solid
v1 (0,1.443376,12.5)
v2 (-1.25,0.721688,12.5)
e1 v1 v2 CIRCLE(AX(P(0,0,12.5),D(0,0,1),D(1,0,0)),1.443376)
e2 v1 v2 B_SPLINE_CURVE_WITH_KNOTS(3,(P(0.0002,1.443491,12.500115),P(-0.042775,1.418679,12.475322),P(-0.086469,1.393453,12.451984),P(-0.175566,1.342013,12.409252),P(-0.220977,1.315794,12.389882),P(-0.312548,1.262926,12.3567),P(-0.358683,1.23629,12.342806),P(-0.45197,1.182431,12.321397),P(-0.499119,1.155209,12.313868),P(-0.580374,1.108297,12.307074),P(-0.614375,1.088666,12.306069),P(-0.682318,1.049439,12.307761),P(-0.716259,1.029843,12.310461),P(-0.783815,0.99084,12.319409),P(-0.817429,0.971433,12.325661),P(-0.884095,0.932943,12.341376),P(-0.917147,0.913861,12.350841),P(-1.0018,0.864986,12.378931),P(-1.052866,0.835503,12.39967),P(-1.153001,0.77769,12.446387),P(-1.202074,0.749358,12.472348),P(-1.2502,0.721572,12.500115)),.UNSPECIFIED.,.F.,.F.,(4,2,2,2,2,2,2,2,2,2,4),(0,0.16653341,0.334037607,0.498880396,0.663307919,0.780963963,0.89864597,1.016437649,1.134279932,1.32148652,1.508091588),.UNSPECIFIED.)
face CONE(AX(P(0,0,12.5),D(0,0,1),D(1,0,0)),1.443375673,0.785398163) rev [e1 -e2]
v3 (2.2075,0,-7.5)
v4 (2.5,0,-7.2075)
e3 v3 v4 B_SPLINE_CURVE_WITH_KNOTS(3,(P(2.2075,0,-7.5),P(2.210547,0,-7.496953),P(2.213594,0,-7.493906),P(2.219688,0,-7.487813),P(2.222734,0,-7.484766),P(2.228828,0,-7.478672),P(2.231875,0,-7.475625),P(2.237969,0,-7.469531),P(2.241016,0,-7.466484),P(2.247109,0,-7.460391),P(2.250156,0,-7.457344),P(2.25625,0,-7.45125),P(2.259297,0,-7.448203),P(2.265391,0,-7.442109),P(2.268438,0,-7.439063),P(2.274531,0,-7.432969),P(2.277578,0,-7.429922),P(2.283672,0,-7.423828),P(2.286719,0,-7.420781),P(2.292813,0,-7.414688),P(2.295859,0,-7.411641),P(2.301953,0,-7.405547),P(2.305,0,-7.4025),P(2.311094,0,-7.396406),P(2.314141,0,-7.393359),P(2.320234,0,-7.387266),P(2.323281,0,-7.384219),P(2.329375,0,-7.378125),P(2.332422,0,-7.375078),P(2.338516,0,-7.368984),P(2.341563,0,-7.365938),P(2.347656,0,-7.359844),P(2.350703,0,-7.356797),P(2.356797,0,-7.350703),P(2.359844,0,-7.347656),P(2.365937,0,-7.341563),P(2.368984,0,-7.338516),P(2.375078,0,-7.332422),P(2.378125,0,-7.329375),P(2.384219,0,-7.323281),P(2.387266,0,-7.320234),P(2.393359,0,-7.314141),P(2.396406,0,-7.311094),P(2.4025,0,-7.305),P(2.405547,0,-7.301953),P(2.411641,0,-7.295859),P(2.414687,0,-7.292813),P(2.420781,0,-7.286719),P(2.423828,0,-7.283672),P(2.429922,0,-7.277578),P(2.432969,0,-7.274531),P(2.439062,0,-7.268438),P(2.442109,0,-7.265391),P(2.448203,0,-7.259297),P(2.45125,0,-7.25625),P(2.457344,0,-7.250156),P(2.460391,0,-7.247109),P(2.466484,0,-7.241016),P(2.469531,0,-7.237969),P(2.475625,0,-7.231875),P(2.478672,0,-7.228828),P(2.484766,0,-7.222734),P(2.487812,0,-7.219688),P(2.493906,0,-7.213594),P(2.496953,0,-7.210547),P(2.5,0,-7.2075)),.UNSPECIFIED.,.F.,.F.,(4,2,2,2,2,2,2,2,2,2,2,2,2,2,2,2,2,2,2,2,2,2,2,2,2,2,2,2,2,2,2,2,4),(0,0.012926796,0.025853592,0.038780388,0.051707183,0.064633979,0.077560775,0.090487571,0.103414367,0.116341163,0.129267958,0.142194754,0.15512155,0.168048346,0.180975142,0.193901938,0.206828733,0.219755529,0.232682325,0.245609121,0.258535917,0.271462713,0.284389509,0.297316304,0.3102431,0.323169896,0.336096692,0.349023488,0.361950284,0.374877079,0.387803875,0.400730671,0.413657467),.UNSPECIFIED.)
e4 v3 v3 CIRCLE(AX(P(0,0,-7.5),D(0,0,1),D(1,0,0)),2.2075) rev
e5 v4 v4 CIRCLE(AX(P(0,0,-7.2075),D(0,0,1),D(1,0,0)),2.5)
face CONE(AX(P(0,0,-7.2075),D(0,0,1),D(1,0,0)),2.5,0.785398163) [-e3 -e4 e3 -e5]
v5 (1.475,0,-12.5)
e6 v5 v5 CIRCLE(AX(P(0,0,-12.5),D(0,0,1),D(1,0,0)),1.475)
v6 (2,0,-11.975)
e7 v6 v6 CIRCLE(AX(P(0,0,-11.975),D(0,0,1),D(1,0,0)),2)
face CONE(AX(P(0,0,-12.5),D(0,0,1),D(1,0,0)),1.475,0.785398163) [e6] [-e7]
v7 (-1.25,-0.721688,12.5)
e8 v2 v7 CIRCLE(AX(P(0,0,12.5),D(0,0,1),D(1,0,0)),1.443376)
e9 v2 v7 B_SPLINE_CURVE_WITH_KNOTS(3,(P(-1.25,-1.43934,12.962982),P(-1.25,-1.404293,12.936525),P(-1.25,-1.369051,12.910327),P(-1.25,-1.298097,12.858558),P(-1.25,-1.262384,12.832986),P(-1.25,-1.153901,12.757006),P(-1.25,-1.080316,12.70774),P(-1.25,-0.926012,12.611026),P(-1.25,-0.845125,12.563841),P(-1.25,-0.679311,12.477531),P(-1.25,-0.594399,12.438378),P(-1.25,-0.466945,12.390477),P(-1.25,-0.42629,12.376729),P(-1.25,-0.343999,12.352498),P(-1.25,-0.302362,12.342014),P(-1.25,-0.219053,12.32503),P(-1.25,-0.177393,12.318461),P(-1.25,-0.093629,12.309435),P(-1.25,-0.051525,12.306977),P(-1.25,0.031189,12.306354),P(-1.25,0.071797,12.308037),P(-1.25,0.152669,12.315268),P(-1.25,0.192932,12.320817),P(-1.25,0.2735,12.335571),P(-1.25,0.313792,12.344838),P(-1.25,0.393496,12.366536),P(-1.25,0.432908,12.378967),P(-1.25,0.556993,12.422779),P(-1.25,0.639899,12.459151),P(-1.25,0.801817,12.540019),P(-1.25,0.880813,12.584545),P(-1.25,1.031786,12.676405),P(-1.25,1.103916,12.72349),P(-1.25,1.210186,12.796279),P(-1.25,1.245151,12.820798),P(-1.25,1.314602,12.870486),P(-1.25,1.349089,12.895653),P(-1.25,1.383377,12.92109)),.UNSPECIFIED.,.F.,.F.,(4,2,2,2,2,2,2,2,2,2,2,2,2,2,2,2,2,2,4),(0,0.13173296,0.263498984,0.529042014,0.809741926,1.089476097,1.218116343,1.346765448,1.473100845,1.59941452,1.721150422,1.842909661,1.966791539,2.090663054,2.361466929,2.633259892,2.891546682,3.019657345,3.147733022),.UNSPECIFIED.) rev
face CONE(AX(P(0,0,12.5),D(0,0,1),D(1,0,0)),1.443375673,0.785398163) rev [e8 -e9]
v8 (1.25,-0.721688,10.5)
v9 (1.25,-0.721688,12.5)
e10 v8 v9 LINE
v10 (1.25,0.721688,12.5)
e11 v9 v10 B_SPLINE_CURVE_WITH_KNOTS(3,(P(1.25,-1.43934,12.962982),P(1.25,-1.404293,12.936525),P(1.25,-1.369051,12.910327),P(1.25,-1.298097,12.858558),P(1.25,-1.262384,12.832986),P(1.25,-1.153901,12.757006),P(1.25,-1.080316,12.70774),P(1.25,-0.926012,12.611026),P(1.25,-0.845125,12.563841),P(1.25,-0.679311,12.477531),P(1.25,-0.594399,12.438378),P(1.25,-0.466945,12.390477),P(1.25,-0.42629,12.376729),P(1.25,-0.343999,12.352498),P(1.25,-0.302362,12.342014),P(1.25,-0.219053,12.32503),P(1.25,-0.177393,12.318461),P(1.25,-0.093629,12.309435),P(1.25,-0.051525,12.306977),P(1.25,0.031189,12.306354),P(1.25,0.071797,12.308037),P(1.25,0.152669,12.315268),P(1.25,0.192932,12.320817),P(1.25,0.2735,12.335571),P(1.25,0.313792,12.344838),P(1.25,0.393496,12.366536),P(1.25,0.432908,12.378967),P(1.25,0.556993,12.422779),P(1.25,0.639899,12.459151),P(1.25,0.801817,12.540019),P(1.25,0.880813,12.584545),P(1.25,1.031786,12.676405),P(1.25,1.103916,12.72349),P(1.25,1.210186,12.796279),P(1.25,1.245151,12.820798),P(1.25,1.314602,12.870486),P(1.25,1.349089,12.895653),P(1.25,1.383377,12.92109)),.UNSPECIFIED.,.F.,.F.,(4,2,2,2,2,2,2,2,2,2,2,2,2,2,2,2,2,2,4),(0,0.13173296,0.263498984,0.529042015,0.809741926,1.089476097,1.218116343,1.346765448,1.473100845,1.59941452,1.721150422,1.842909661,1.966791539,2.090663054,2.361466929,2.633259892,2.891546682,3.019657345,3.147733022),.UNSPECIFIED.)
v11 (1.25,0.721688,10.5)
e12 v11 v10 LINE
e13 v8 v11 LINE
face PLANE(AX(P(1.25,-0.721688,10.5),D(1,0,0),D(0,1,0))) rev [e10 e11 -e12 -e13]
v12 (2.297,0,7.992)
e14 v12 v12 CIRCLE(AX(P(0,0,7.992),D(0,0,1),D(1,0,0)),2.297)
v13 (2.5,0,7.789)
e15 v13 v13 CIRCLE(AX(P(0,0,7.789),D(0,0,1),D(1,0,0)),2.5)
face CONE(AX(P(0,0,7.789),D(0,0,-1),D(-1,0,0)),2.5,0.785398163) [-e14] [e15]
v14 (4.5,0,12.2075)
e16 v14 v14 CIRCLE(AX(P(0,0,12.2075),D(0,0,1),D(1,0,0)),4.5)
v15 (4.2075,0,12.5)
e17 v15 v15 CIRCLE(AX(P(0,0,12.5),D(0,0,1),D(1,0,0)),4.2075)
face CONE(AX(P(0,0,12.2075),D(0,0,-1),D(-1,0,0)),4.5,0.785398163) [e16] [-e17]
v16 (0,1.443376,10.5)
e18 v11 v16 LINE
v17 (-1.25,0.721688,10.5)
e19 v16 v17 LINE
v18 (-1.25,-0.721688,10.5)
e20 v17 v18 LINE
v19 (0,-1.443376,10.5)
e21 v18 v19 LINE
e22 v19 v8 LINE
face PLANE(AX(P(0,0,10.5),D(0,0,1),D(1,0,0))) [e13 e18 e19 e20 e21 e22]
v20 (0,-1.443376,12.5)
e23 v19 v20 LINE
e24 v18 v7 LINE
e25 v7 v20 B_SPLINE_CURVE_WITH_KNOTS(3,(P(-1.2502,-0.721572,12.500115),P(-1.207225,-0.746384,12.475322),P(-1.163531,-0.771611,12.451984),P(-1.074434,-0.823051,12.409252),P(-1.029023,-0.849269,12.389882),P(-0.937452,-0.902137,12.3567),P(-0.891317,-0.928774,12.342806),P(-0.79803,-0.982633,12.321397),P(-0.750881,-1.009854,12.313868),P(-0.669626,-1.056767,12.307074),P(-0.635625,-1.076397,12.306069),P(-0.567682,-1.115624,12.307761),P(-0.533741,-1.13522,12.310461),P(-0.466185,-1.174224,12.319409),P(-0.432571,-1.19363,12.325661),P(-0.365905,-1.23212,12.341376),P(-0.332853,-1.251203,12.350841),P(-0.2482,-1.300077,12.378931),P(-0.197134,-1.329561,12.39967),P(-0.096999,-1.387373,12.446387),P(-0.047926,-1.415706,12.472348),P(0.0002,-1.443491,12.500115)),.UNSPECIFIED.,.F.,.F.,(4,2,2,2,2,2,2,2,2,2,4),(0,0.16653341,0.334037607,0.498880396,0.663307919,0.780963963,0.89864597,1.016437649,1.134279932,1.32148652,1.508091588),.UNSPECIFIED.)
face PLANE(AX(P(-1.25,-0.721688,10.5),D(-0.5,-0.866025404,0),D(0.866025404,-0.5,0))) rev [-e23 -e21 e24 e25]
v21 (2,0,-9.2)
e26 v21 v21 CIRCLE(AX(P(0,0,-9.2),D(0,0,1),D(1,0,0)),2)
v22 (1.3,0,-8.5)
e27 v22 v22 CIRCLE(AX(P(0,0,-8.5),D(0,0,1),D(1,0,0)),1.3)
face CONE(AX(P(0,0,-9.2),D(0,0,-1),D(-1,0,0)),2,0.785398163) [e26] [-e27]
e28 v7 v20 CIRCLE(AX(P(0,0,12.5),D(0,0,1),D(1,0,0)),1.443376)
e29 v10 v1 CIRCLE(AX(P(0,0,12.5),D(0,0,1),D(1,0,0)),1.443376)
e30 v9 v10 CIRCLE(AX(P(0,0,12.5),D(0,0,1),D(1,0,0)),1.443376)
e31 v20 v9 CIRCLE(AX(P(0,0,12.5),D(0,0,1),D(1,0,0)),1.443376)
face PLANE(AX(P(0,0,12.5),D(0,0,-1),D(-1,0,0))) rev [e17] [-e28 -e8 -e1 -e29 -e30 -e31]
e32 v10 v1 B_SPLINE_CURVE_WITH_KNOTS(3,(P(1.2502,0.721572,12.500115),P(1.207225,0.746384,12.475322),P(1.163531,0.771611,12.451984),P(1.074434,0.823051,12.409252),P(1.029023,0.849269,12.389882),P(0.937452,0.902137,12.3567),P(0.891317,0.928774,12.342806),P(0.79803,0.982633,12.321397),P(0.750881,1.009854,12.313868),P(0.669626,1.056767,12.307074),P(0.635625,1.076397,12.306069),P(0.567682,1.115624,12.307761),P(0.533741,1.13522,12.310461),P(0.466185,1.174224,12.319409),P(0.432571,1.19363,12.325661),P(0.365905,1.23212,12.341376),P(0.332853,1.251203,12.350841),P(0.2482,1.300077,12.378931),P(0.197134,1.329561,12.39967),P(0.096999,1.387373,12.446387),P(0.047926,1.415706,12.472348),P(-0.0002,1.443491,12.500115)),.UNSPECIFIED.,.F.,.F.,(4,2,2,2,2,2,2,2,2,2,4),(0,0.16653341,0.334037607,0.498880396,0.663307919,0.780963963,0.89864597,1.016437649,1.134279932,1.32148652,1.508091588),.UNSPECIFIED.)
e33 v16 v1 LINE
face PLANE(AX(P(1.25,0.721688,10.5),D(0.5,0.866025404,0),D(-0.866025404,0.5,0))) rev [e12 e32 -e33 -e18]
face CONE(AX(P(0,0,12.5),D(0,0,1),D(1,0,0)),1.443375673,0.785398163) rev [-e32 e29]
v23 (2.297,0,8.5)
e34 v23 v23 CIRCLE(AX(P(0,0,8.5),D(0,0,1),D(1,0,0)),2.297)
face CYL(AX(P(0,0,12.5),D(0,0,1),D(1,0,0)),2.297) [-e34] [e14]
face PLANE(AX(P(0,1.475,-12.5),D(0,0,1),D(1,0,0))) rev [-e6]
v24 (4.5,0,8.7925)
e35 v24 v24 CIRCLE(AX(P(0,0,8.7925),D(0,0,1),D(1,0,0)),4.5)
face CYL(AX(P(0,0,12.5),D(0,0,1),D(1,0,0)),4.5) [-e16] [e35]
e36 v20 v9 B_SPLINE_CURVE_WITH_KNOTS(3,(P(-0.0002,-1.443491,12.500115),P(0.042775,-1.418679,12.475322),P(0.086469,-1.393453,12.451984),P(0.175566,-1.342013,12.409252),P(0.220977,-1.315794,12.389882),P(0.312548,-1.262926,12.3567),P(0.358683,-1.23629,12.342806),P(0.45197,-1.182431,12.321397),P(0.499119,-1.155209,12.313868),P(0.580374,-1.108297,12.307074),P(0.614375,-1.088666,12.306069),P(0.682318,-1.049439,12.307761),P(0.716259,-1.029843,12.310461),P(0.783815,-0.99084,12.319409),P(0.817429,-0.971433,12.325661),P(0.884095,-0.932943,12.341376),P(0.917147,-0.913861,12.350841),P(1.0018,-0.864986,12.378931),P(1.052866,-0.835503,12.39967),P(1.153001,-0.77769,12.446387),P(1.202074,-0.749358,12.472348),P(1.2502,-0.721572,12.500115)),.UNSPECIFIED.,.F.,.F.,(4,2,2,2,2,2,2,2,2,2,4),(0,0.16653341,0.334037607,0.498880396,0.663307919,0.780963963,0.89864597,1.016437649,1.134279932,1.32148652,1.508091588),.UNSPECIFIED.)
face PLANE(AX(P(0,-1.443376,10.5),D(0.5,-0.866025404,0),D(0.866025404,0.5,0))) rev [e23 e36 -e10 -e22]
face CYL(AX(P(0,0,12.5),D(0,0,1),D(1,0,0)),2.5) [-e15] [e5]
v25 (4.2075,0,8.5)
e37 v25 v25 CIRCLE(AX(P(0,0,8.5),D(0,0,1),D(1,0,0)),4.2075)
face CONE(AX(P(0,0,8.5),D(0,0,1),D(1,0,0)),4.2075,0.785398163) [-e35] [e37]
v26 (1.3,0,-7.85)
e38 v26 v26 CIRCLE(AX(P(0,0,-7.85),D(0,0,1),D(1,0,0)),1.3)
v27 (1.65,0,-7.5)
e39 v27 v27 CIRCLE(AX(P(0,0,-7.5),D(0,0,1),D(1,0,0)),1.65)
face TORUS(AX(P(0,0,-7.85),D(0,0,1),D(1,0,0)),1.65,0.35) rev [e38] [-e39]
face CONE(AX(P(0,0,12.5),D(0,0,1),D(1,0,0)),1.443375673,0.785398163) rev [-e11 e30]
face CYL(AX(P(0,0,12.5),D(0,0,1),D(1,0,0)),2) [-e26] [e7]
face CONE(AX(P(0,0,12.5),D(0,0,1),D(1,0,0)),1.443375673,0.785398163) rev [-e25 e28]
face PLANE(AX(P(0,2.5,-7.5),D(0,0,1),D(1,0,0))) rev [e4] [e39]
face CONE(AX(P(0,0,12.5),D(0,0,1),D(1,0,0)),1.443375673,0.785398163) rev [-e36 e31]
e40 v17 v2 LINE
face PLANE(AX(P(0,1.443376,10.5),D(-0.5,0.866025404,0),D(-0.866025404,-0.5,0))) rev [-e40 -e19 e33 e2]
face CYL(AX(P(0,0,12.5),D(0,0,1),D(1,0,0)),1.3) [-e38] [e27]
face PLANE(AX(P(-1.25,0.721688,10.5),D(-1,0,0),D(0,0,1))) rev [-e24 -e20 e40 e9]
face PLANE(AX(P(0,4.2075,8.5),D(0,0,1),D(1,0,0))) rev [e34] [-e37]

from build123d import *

# Parameters (mm, degrees)
CUT_EXTRUDE1_START = 12.5
CUT_EXTRUDE1_DEPTH = 2
CHAMFER1_SIZE      = 0.2925


with BuildPart() as part:
    # Sketch3 → Revolve1 (revolve)
    with BuildSketch(Plane(origin=(0, 0, 0), x_dir=(0, 0, -1), z_dir=(1, 0, 0)), mode=Mode.PRIVATE) as revolve1_sk:
        with BuildLine():
            Line((-12.5, 0), (-12.5, 4.2075))
            Line((-12.5, 4.2075), (-12.2075, 4.5))
            Line((-12.2075, 4.5), (-8.7925, 4.5))
            Line((-8.7925, 4.5), (-8.5, 4.2075))
            Line((-8.5, 4.2075), (-8.5, 2.297))
            Line((-8.5, 2.297), (-7.992, 2.297))
            Line((-7.992, 2.297), (-7.789, 2.5))
            Line((-7.789, 2.5), (7.5, 2.5))
            Line((7.5, 2.5), (7.5, 1.65))
            ThreePointArc((7.5, 1.65), (7.602512627, 1.402512627), (7.85, 1.3))
            Line((7.85, 1.3), (8.5, 1.3))
            Line((8.5, 1.3), (9.2, 2))
            Line((9.2, 2), (11.975, 2))
            Line((11.975, 2), (12.5, 1.475))
            Line((12.5, 1.475), (12.5, 0))
            Line((12.5, 0), (-12.5, 0))
        make_face()
    revolve(revolve1_sk.sketch.rotate(Axis((0, 0, 12.5), (0, 0, -1)), 90), axis=Axis((0, 0, 12.5), (0, 0, -1)))

    # Sketch4 → Cut-Extrude1 (cut)
    with BuildSketch(Plane.XY.offset(CUT_EXTRUDE1_START)):
        Polygon((0, 1.443375673), (-1.25, 0.721687836), (-1.25, -0.721687836), (0, -1.443375673), (1.25, -0.721687836), (1.25, 0.721687836), align=None)
    extrude(amount=-CUT_EXTRUDE1_DEPTH, mode=Mode.SUBTRACT)

    # Cut-Extrude2 cone 1 section (through the dimple's axis) → Cut-Extrude2 (revolve, cut)
    with BuildSketch(Plane(origin=(0, 0, 12.5), x_dir=(0, -1, 0), z_dir=(1, 0, 0))):
        Polygon((0, 0), (1.443375673, 0), (0, 1.443375673), align=None)
    revolve(axis=Axis((0, 0, 12.5), (0, 0, -1)), mode=Mode.SUBTRACT)

    # Chamfer1
    chamfer1_edges = [part.edges().sort_by_distance(p)[0] for p in [
        (-2.5, 0, -7.5),
    ]]
    chamfer(chamfer1_edges, length=CHAMFER1_SIZE)


solid = part.part
